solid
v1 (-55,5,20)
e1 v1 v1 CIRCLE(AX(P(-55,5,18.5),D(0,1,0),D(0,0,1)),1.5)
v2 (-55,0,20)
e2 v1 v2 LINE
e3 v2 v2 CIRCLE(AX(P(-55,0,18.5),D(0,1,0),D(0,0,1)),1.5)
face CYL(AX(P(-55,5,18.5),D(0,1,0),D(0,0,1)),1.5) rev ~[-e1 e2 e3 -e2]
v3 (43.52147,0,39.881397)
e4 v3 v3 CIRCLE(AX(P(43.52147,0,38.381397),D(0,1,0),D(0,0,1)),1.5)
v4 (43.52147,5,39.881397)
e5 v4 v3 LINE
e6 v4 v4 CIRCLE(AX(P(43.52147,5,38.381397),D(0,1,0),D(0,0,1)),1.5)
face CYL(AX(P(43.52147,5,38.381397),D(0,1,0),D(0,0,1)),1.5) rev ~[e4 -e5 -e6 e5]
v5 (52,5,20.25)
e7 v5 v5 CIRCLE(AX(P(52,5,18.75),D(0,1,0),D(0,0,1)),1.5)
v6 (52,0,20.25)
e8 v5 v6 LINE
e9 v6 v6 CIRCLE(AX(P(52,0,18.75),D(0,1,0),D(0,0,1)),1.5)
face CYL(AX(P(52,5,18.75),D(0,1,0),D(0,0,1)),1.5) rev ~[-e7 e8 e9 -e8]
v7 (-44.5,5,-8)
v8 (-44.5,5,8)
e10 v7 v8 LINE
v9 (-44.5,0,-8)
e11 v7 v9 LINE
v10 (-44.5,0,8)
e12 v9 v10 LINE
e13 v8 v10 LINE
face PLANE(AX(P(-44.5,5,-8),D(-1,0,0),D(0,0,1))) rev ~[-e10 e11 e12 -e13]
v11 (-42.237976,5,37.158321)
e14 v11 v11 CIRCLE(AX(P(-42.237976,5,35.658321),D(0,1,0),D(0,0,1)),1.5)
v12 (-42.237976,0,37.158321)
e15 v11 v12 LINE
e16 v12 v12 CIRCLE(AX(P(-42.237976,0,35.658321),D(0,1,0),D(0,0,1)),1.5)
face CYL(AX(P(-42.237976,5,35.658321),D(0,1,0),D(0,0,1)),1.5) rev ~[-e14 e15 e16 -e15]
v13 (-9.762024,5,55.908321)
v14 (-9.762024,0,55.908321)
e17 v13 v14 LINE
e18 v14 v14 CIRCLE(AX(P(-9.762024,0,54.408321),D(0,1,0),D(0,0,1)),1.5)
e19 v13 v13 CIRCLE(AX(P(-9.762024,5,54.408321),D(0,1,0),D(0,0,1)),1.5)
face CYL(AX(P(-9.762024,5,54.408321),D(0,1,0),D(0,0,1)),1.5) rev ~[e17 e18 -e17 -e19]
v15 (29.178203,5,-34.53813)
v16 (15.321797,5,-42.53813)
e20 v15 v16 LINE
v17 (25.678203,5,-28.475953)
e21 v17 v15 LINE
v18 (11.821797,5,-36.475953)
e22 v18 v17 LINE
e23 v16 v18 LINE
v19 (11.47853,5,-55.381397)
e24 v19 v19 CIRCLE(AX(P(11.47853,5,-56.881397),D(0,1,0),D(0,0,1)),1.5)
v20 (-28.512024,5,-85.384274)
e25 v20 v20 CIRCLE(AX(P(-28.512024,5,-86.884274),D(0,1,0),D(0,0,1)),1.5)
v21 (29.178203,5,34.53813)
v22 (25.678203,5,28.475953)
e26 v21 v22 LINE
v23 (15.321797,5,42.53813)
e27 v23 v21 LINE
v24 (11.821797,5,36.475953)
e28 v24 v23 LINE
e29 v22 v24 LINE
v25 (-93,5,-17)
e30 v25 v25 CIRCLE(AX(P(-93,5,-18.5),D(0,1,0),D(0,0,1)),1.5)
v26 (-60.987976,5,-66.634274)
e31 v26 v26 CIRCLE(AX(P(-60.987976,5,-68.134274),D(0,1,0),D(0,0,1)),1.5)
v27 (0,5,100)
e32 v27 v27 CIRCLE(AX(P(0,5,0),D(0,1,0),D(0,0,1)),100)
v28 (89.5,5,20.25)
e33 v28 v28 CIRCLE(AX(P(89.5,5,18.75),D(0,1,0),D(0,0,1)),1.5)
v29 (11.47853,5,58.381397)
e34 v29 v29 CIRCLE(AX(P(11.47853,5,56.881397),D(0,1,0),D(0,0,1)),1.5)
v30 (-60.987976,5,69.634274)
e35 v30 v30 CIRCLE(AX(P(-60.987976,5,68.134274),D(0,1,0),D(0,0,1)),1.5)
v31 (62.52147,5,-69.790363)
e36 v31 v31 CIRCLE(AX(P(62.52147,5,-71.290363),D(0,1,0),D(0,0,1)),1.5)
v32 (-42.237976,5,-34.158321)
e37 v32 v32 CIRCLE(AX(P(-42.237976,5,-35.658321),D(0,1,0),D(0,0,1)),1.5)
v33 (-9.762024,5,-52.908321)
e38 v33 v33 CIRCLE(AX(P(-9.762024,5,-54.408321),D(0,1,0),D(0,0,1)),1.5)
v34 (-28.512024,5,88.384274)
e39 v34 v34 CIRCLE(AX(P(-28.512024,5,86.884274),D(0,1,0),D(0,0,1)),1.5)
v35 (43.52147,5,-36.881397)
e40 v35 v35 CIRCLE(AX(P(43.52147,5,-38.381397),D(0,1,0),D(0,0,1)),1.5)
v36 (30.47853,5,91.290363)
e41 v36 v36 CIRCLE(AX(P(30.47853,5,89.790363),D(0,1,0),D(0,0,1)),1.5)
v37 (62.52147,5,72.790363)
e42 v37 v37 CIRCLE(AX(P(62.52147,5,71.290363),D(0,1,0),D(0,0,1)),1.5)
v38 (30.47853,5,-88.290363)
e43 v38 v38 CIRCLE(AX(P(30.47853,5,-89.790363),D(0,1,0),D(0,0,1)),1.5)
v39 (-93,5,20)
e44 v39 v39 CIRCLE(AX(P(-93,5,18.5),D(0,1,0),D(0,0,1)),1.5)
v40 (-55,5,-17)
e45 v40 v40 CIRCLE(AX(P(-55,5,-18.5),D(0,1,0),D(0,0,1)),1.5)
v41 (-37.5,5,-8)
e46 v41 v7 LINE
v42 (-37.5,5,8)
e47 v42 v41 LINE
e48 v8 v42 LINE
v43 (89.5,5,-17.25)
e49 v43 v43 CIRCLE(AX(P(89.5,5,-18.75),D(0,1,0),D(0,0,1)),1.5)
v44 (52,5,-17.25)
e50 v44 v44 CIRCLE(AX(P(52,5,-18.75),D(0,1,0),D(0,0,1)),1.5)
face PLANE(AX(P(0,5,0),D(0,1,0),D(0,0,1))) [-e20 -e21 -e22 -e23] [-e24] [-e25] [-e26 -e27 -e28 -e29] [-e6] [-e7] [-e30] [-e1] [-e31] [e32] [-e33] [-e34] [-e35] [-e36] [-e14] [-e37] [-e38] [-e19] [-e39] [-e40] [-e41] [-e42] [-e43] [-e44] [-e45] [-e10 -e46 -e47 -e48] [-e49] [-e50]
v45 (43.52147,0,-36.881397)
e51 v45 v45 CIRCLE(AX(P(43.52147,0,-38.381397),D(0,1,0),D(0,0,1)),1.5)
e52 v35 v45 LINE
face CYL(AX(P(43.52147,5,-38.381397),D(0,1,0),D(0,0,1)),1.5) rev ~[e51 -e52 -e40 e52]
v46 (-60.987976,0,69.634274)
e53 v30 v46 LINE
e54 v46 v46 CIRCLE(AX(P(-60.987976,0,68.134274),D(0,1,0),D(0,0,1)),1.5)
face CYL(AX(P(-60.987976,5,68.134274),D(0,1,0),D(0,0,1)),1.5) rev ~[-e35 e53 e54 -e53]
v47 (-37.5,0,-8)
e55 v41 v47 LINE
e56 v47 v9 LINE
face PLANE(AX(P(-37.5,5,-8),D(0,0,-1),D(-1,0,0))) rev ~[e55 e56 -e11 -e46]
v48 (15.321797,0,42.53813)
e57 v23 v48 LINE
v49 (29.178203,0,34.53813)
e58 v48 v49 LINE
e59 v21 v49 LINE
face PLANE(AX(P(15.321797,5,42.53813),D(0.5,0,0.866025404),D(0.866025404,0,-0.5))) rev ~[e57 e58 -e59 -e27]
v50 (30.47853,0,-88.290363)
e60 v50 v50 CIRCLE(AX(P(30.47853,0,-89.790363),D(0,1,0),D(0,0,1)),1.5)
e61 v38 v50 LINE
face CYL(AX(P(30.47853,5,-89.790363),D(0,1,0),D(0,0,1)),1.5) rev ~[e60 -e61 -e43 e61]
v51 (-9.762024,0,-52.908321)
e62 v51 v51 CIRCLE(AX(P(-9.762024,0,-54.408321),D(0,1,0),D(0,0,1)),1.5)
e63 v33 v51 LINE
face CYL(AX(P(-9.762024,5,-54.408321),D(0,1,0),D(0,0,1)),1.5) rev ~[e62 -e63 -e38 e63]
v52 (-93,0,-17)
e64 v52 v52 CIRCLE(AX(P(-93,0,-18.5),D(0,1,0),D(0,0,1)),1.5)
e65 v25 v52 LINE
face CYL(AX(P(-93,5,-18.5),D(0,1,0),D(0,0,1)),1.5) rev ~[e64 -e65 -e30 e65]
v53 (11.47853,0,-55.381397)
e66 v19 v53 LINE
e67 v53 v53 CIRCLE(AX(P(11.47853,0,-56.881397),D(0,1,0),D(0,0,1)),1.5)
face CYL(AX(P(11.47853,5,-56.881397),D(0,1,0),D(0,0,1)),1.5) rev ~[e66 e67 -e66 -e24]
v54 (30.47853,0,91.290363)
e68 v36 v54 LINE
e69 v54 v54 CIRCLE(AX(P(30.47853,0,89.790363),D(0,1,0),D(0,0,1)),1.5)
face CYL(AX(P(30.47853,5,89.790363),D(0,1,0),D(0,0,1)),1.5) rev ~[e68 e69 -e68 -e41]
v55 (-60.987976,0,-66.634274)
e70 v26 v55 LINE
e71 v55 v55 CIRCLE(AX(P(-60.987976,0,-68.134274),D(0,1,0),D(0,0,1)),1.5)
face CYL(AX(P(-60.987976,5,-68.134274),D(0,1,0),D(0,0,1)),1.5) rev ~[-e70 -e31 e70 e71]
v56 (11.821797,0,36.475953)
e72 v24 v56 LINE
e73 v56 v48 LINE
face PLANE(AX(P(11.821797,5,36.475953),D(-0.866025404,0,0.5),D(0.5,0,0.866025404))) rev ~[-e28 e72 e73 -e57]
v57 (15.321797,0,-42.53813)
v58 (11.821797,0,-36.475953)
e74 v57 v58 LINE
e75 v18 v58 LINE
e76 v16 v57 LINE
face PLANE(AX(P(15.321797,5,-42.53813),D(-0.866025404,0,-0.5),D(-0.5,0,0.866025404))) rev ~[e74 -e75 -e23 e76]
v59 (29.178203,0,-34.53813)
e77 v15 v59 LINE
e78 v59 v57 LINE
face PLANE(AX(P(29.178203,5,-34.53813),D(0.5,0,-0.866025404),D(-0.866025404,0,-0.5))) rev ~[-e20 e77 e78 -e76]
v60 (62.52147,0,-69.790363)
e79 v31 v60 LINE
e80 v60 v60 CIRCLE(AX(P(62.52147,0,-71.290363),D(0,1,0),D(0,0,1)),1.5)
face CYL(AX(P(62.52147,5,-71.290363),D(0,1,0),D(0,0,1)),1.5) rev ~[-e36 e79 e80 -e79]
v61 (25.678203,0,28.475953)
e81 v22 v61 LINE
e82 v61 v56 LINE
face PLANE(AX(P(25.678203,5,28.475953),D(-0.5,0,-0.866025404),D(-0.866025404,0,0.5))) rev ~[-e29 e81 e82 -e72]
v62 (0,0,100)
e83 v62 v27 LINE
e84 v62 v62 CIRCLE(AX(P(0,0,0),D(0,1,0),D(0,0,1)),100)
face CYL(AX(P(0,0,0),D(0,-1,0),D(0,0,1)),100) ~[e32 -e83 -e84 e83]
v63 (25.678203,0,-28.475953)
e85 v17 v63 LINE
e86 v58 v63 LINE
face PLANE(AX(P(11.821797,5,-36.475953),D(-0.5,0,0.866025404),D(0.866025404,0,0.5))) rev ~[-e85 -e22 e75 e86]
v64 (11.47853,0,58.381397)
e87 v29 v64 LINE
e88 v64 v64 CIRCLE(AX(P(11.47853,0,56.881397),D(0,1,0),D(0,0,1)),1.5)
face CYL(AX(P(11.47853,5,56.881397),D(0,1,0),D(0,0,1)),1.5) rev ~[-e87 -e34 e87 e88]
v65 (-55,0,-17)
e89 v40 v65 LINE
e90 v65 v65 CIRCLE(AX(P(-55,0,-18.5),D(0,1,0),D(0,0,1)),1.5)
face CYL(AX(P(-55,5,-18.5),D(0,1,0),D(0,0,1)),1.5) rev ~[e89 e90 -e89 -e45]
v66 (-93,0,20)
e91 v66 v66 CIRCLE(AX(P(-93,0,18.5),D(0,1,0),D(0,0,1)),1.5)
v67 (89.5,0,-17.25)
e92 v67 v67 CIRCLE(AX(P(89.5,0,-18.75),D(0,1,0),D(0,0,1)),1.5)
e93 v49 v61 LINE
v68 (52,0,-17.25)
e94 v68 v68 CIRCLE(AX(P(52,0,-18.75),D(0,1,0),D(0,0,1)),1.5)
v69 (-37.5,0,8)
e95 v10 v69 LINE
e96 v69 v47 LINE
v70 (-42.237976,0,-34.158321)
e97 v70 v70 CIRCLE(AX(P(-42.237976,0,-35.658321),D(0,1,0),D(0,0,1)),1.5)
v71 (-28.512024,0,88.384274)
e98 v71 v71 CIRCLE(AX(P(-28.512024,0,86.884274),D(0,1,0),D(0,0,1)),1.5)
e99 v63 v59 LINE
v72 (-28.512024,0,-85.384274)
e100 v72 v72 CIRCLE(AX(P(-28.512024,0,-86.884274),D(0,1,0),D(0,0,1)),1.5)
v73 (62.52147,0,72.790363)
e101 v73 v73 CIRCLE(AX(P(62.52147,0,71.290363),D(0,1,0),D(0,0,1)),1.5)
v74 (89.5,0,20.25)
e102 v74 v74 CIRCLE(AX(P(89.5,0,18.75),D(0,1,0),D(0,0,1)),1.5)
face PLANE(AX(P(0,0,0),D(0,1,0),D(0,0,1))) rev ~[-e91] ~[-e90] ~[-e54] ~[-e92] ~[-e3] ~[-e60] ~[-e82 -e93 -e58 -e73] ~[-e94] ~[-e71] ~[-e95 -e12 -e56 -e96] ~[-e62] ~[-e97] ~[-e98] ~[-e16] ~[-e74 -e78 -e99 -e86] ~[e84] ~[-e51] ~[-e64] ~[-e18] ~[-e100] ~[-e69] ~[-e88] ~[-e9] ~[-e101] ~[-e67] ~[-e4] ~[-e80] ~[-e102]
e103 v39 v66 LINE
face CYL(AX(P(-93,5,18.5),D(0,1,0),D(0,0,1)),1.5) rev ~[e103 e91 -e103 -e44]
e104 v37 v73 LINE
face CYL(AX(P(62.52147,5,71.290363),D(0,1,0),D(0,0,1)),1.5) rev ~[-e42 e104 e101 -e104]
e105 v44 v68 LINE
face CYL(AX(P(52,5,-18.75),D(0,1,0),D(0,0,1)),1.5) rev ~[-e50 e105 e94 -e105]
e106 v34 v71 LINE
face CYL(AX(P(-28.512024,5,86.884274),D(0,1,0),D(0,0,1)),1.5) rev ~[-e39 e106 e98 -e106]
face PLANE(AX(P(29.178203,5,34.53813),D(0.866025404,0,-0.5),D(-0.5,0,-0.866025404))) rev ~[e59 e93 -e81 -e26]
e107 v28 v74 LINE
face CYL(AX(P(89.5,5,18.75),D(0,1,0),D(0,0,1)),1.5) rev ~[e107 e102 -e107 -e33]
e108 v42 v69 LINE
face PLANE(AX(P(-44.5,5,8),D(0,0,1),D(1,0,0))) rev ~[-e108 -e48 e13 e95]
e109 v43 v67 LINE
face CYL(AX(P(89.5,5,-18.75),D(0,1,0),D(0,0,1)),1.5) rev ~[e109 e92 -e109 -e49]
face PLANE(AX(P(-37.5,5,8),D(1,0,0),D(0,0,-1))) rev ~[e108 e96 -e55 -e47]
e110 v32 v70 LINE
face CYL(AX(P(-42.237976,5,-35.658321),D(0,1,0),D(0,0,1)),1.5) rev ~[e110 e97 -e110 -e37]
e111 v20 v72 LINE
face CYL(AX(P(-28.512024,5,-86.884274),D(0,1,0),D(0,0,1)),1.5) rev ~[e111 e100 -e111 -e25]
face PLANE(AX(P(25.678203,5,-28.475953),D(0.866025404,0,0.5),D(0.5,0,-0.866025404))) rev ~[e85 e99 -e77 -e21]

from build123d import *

# Parameters (mm, degrees)
ESBO_O1_R                = 100
RESSALTO_EXTRUS_O1_DEPTH = 5
ESBO_O2_R                = 1.5
CORTE_EXTRUS_O1_DEPTH    = 142.509716981


with BuildPart() as part:
    # Esboço1 → Ressalto-extrusão1 (new body)
    with BuildSketch(Plane(origin=(0, 0, 0), x_dir=(1, 0, 0), z_dir=(0, 1, 0))):
        with Locations(Location((0, 0, 0), (0, 0, 270))):
            Circle(ESBO_O1_R)
    extrude(amount=RESSALTO_EXTRUS_O1_DEPTH)

    # Esboço2 → Corte-extrusão1 (cut, through all)
    with BuildSketch(Plane(origin=(0, 5, 0), x_dir=(1, 0, 0), z_dir=(0, 1, 0))):
        with Locations(Location((-93, 18.5, 0), (0, 0, 270))):
            Circle(ESBO_O2_R)
        with Locations(Location((-55, 18.5, 0), (0, 0, 270))):
            Circle(ESBO_O2_R)
        with Locations(Location((-55, -18.5, 0), (0, 0, 270))):
            Circle(ESBO_O2_R)
        with Locations(Location((-93, -18.5, 0), (0, 0, 270))):
            Circle(ESBO_O2_R)
        with Locations(Location((52, 18.75, 0), (0, 0, 270))):
            Circle(ESBO_O2_R)
        with Locations(Location((89.5, 18.75, 0), (0, 0, 270))):
            Circle(ESBO_O2_R)
        with Locations(Location((52, -18.75, 0), (0, 0, 270))):
            Circle(ESBO_O2_R)
        with Locations(Location((89.5, -18.75, 0), (0, 0, 270))):
            Circle(ESBO_O2_R)
        with Locations(Location((30.47853003, -89.790362552, 0), (0, 0, 270))):
            Circle(ESBO_O2_R)
        with Locations(Location((11.47853003, -56.881397208, 0), (0, 0, 270))):
            Circle(ESBO_O2_R)
        with Locations(Location((43.52146997, -38.381397208, 0), (0, 0, 270))):
            Circle(ESBO_O2_R)
        with Locations(Location((62.52146997, -71.290362552, 0), (0, 0, 270))):
            Circle(ESBO_O2_R)
        with Locations(Location((-42.237976321, 35.658320997, 0), (0, 0, 270))):
            Circle(ESBO_O2_R)
        with Locations(Location((-60.987976321, 68.134273639, 0), (0, 0, 270))):
            Circle(ESBO_O2_R)
        with Locations(Location((-9.762023679, 54.408320997, 0), (0, 0, 270))):
            Circle(ESBO_O2_R)
        with Locations(Location((-28.512023679, 86.884273639, 0), (0, 0, 270))):
            Circle(ESBO_O2_R)
        with Locations(Location((62.52146997, 71.290362552, 0), (0, 0, 270))):
            Circle(ESBO_O2_R)
        with Locations(Location((43.52146997, 38.381397208, 0), (0, 0, 270))):
            Circle(ESBO_O2_R)
        with Locations(Location((11.47853003, 56.881397208, 0), (0, 0, 270))):
            Circle(ESBO_O2_R)
        with Locations(Location((30.47853003, 89.790362552, 0), (0, 0, 270))):
            Circle(ESBO_O2_R)
        with Locations(Location((-9.762023679, -54.408320997, 0), (0, 0, 270))):
            Circle(ESBO_O2_R)
        with Locations(Location((-28.512023679, -86.884273639, 0), (0, 0, 270))):
            Circle(ESBO_O2_R)
        with Locations(Location((-42.237976321, -35.658320997, 0), (0, 0, 270))):
            Circle(ESBO_O2_R)
        with Locations(Location((-60.987976321, -68.134273639, 0), (0, 0, 270))):
            Circle(ESBO_O2_R)
        Polygon((-37.5, 0), (-37.5, 8), (-44.5, 8), (-44.5, -8), (-37.5, -8), align=None)
        Polygon((18.75, -32.475952642), (11.82179677, -36.475952642), (15.32179677, -42.538130468), (29.17820323, -34.538130468), (25.67820323, -28.475952642), align=None)
        Polygon((18.75, 32.475952642), (25.67820323, 28.475952642), (29.17820323, 34.538130468), (15.32179677, 42.538130468), (11.82179677, 36.475952642), align=None)
    extrude(amount=-CORTE_EXTRUS_O1_DEPTH, mode=Mode.SUBTRACT)


solid = part.part
